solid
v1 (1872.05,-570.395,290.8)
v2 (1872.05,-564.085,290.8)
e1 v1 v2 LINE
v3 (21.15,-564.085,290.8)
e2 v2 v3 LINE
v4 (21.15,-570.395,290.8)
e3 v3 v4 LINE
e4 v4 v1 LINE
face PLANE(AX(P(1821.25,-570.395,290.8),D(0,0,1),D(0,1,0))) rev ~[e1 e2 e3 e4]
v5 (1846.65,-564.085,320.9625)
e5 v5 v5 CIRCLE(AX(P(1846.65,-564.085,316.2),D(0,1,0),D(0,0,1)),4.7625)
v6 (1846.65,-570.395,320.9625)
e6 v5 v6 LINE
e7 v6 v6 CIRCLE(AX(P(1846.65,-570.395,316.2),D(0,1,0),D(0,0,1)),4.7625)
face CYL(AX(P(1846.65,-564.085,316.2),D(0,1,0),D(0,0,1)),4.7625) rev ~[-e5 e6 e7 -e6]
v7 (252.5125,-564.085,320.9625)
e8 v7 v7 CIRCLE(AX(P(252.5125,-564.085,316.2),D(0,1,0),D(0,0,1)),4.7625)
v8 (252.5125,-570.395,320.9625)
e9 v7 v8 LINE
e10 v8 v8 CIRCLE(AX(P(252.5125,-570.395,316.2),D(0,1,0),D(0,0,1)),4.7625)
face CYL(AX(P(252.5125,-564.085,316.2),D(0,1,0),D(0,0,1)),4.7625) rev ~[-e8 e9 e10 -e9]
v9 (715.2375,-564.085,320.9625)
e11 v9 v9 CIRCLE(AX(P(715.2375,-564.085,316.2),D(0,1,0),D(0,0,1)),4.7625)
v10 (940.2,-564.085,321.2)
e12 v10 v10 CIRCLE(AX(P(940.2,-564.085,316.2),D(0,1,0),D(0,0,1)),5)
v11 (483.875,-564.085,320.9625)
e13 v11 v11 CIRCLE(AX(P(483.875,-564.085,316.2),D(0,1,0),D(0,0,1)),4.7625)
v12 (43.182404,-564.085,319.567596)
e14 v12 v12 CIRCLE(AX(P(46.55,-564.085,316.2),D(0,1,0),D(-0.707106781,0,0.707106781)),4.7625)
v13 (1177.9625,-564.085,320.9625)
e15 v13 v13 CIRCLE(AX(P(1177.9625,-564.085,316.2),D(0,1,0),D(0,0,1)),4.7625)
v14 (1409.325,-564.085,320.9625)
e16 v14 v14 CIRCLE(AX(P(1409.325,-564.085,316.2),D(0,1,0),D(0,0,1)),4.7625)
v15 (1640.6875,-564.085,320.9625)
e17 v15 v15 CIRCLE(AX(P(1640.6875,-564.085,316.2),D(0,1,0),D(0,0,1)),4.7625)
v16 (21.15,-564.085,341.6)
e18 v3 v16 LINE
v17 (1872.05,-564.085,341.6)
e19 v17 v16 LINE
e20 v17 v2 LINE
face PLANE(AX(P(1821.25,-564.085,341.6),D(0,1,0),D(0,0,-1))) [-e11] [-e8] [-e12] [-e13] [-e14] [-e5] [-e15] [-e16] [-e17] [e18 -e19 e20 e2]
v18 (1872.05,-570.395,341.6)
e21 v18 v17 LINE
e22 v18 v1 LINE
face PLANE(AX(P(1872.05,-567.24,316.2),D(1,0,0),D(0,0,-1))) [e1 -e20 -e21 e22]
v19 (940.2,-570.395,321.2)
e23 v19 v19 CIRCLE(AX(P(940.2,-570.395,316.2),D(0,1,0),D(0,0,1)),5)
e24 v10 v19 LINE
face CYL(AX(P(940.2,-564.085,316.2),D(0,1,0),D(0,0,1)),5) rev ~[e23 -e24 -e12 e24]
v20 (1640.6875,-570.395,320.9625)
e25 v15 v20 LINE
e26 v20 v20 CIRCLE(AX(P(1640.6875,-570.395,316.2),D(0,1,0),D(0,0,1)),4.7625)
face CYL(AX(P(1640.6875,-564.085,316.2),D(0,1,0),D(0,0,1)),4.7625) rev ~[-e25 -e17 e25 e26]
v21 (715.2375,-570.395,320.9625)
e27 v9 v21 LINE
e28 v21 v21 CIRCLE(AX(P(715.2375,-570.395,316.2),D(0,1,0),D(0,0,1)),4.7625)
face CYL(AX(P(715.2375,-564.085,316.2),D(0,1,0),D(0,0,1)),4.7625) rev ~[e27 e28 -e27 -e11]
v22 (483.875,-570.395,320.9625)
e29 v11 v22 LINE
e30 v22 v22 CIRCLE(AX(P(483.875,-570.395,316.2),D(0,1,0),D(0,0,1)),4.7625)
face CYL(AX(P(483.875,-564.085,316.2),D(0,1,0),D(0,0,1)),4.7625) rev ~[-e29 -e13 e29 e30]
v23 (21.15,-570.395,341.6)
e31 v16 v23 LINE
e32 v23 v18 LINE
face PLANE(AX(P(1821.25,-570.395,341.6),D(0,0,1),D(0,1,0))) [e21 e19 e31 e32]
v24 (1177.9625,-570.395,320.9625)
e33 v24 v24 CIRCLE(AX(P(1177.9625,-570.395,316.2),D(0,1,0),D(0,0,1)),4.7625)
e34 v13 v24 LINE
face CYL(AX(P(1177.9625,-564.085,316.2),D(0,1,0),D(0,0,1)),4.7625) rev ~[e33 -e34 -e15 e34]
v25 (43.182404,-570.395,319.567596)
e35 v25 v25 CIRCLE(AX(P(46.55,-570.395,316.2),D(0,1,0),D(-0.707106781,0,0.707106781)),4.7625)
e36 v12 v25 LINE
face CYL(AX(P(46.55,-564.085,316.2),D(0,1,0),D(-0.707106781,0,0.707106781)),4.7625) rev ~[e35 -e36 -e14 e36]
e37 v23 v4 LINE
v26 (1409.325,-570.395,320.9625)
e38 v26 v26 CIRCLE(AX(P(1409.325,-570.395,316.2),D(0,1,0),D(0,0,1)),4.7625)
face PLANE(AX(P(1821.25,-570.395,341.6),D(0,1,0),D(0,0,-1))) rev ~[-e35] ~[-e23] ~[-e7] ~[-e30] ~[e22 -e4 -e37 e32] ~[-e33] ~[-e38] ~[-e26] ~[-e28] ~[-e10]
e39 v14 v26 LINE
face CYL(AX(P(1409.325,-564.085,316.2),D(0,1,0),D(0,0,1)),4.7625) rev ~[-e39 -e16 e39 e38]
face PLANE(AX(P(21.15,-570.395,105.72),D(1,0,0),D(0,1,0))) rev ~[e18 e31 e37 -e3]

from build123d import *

# Parameters (mm, degrees)
CROQUIS2_W               = 50.8
CROQUIS2_H               = 6.31
CROQUIS3_W               = 50.8
CROQUIS3_H               = 6.31
CROQUIS4_W               = 60
CROQUIS4_H               = 53.155
SALIENTE_EXTRUIR1_DEPTH  = 6.31
CROQUIS5_W               = 60
CROQUIS5_H               = 6.31
CORTAR_EXTRUIR1_DEPTH    = 6.31
CORTAR_EXTRUIR2_DEPTH    = 502
CROQUIS8_W               = 50.8
CROQUIS8_H               = 564.085
CORTAR_EXTRUIR3_DEPTH    = 502
CROQUIS9_W               = 314.3
CROQUIS9_H               = 1090.402933
CORTAR_EXTRUIR4_DEPTH    = 502
CROQUIS10_W              = 50.8
CROQUIS10_H              = 6.31
CORTAR_EXTRUIR5_DEPTH    = 95
CORTAR_EXTRUIR6_DEPTH    = 95
CROQUIS13_W              = 120
CROQUIS13_H              = 249.755
CORTAR_EXTRUIR7_DEPTH    = 95
CROQUIS16_W              = 125
CROQUIS16_H              = 50.8
SALIENTE_EXTRUIR4_DEPTH  = 6.31
CROQUIS17_W              = 50.8
CROQUIS17_H              = 6.31
SALIENTE_EXTRUIR5_DEPTH  = 50.8
SALIENTE_EXTRUIR6_DEPTH  = 50.8
CROQUIS21_W              = 10
CROQUIS21_H              = 50.8
CORTAR_EXTRUIR9_DEPTH    = 53
CROQUIS22_W              = 0.1
CROQUIS22_H              = 50.8
CORTAR_EXTRUIR10_DEPTH   = 10
CORTAR_EXTRUIR11_DEPTH   = 237
CROQUIS24_W              = 50.8
CROQUIS24_H              = 204.986160176
CORTAR_EXTRUIR12_DEPTH   = 237
CROQUIS25_W              = 50.8
CROQUIS25_H              = 6.31
SALIENTE_EXTRUIR7_DEPTH  = 1.1
CROQUIS26_W              = 50.8
CROQUIS26_H              = 6.31
SALIENTE_EXTRUIR8_DEPTH  = 12.7
CROQUIS27_R              = 5
CORTAR_EXTRUIR13_DEPTH   = 10
CROQUIS28_W              = 0.1
CROQUIS28_H              = 50.8
SALIENTE_EXTRUIR9_DEPTH  = 6.31
CROQUIS29_W              = 50.8
CROQUIS29_H              = 0.1
CORTAR_EXTRUIR14_DEPTH   = 50
CROQUIS30_W              = 50.8
CROQUIS30_H              = 6.31
SALIENTE_EXTRUIR10_DEPTH = 50.8
CROQUIS31_R              = 4.7625
CORTAR_EXTRUIR15_DEPTH   = 10
CROQUIS32_R              = 4.7625
CORTAR_EXTRUIR16_DEPTH   = 33
CROQUIS33_R              = 4.7625
CORTAR_EXTRUIR17_DEPTH   = 50
CROQUIS34_R              = 4.7625
CORTAR_EXTRUIR18_DEPTH   = 82
CROQUIS35_R              = 5
CORTAR_EXTRUIR19_DEPTH   = 10
CROQUIS36_W              = 50.8
CROQUIS36_H              = 186.08
CORTAR_EXTRUIR20_DEPTH   = 10


with BuildPart() as part:
    # Barrer1: sweep along a curve in space
    with BuildLine() as barrer1_path:
        Line((0, 0, 0), (0, -567.24, 0))
        Line((0, -567.24, 0), (0, -567.24, 316.2))
        Line((0, -567.24, 316.2), (1793.15, -567.24, 316.2))
        Line((1793.15, -567.24, 316.2), (1793.15, -567.24, 578))
        Line((1793.15, -567.24, 578), (1793.15, -435.47278313, 578))
        Line((1793.15, -435.47278313, 578), (1793.15, -435.47278313, 1432.002933))
    # Croquis2 → Barrer1 (sweep)
    with BuildSketch(Plane(origin=(0, 0, 0), x_dir=(1, 0, 0), z_dir=(0, 1, 0))):
        Rectangle(CROQUIS2_W, CROQUIS2_H)
        with Locations((263.5, 0)):
            Rectangle(CROQUIS2_W, CROQUIS2_H)
    sweep(path=barrer1_path.line, transition=Transition.RIGHT)

    # Barrer4: sweep along a curve in space
    with BuildLine() as barrer4_path:
        Line((-0.201028049, -3.155, -3.155), (-0.201028049, -3.155, -207.155))
        Line((-0.201028049, -3.155, -207.155), (-0.201028049, -53.155, -207.155))
    # Croquis3 → Barrer4 (sweep)
    with BuildSketch(Plane(origin=(0, 0, -3.155), x_dir=(-1, 0, 0), z_dir=(0, 0, -1))):
        with Locations((-263.5, -3.155)):
            Rectangle(CROQUIS3_W, CROQUIS3_H)
        with Locations((0, -3.155)):
            Rectangle(CROQUIS3_W, CROQUIS3_H)
    sweep(path=barrer4_path.line, transition=Transition.RIGHT)

    # Croquis4 → Saliente-Extruir1 (add)
    with BuildSketch(Plane(origin=(0, 0, -210.31), x_dir=(-1, 0, 0), z_dir=(0, 0, -1))):
        with Locations((-208.1, -26.5775)):
            Rectangle(CROQUIS4_W, CROQUIS4_H)
    extrude(amount=-SALIENTE_EXTRUIR1_DEPTH)

    # Croquis5 → Cortar-Extruir1 (cut)
    with BuildSketch(Plane.XY.offset(-204)):
        with Locations((208.1, -3.155)):
            Rectangle(CROQUIS5_W, CROQUIS5_H)
    extrude(amount=-CORTAR_EXTRUIR1_DEPTH, mode=Mode.SUBTRACT)

    # Croquis7 → Cortar-Extruir2 (cut)
    with BuildSketch(Plane.XY.offset(3.155)):
        Polygon((288.9, -564.085), (238.1, -564.085), (238.1, -68.875540851), (170.611072112, -68.875540851), (170.611072112, 0), (288.9, 0), align=None)
    extrude(amount=-CORTAR_EXTRUIR2_DEPTH, mode=Mode.SUBTRACT)

    # Croquis8 → Cortar-Extruir3 (cut)
    with BuildSketch(Plane.XY.offset(3.155)):
        with Locations((0, -282.0425)):
            Rectangle(CROQUIS8_W, CROQUIS8_H)
    extrude(amount=-CORTAR_EXTRUIR3_DEPTH, mode=Mode.SUBTRACT)

    # Croquis9 → Cortar-Extruir4 (cut)
    with BuildSketch(Plane(origin=(0, -432.31778313, 0), x_dir=(1, 0, 0), z_dir=(0, 1, 0))):
        with Locations((1924.9, -886.8014665)):
            Rectangle(CROQUIS9_W, CROQUIS9_H)
    extrude(amount=-CORTAR_EXTRUIR4_DEPTH, mode=Mode.SUBTRACT)

    # Croquis10 → Cortar-Extruir5 (cut)
    with BuildSketch(Plane(origin=(0, 0, -3.155), x_dir=(-1, 0, 0), z_dir=(0, 0, -1))):
        with Locations((0, -567.24)):
            Rectangle(CROQUIS10_W, CROQUIS10_H)
    extrude(amount=-CORTAR_EXTRUIR5_DEPTH, mode=Mode.SUBTRACT)

    # Croquis11 → Cortar-Extruir6 (cut)
    with BuildSketch(Plane(origin=(0, -564.085, 0), x_dir=(1, 0, 0), z_dir=(0, 1, 0))):
        Polygon((238.1, -78.1), (288.9, -78.1), (288.9, -27.3), align=None)
        Polygon((238.1, -78.1), (288.9, -27.3), (238.1, -27.3), align=None)
        Polygon((238.1, -27.3), (288.9, -27.3), (288.9, -3.155), (288.9, 3.155), (238.1, 3.155), (238.1, -3.155), align=None)
    extrude(amount=-CORTAR_EXTRUIR6_DEPTH, mode=Mode.SUBTRACT)

    # Croquis13 → Cortar-Extruir7 (cut)
    with BuildSketch(Plane(origin=(0, -564.085, 0), x_dir=(1, 0, 0), z_dir=(0, 1, 0))):
        with Locations((34.6, -216.7225)):
            Rectangle(CROQUIS13_W, CROQUIS13_H)
    extrude(amount=-CORTAR_EXTRUIR7_DEPTH, mode=Mode.SUBTRACT)

    # Croquis16 → Saliente-Extruir4 (add)
    with BuildSketch(Plane(origin=(0, -564.085, 0), x_dir=(1, 0, 0), z_dir=(0, 1, 0))):
        with Locations((226.4, -52.7)):
            Rectangle(CROQUIS16_W, CROQUIS16_H)
    extrude(amount=-SALIENTE_EXTRUIR4_DEPTH)

    # Barrer5: sweep along a curve in space
    with BuildLine() as barrer5_path:
        Line((94.6, -567.24, 316.2), (46.55, -567.24, 316.2))
        Line((46.55, -567.24, 316.2), (46.55, -567.24, 105.72))
    # Croquis17 → Barrer5 (sweep)
    with BuildSketch(Plane.ZY.offset(-94.6)):
        with Locations((316.2, -567.24)):
            Rectangle(CROQUIS17_W, CROQUIS17_H)
    sweep(path=barrer5_path.line, transition=Transition.RIGHT)

    # Croquis20 → Saliente-Extruir6 (add)
    with BuildSketch(Plane.ZY.offset(-163.9)):
        Polygon((78.1, -564.085), (78.1, -439.884522326), (59.966060883, -387.925515276), (54.008468178, -390.004743297), (71.79, -440.954001003), (71.79, -564.085), align=None)
    extrude(amount=-SALIENTE_EXTRUIR6_DEPTH)

    # Croquis21 → Cortar-Extruir9 (cut)
    with BuildSketch(Plane(origin=(0, -564.085, 0), x_dir=(1, 0, 0), z_dir=(0, 1, 0))):
        with Locations((1813.55, -316.2)):
            Rectangle(CROQUIS21_W, CROQUIS21_H)
    extrude(amount=-CORTAR_EXTRUIR9_DEPTH, mode=Mode.SUBTRACT)

    # Croquis22 → Cortar-Extruir10 (cut)
    with BuildSketch(Plane(origin=(0, -564.085, 0), x_dir=(1, 0, 0), z_dir=(0, 1, 0))):
        with Locations((72, -316.2)):
            Rectangle(CROQUIS22_W, CROQUIS22_H)
    extrude(amount=-CORTAR_EXTRUIR10_DEPTH, mode=Mode.SUBTRACT)

    # Croquis23 → Cortar-Extruir11 (cut)
    with BuildSketch(Plane.XZ.offset(570.395)):
        Polygon((2031.25, 341.6), (2031.25, 78.1), (163.9, 78.1), (163.9, 0), (2111.300371304, 0), (2111.300371304, 341.6), align=None)
    extrude(amount=-CORTAR_EXTRUIR11_DEPTH, mode=Mode.SUBTRACT)

    # Croquis25 → Saliente-Extruir7 (add)
    with BuildSketch(Plane(origin=(0, 0, 105.72), x_dir=(-1, 0, 0), z_dir=(0, 0, -1))):
        with Locations((-46.55, -567.24)):
            Rectangle(CROQUIS25_W, CROQUIS25_H)
    extrude(amount=SALIENTE_EXTRUIR7_DEPTH)

    # Croquis26 → Saliente-Extruir8 (add)
    with BuildSketch(Plane(origin=(1808.55, 0, 0), x_dir=(0, 0, -1), z_dir=(1, 0, 0))):
        with Locations((-316.2, -567.24)):
            Rectangle(CROQUIS26_W, CROQUIS26_H)
    extrude(amount=SALIENTE_EXTRUIR8_DEPTH)

    # Croquis27 → Cortar-Extruir13 (cut)
    with BuildSketch(Plane(origin=(0, -564.085, 0), x_dir=(1, 0, 0), z_dir=(0, 1, 0))):
        with Locations(Location((940.200000079, -316.2, 0), (0, 0, 270))):
            Circle(CROQUIS27_R)
    extrude(amount=-CORTAR_EXTRUIR13_DEPTH, mode=Mode.SUBTRACT)

    # Croquis28 → Saliente-Extruir9 (add)
    with BuildSketch(Plane(origin=(0, -564.085, 0), x_dir=(1, 0, 0), z_dir=(0, 1, 0))):
        with Locations((72, -316.2)):
            Rectangle(CROQUIS28_W, CROQUIS28_H)
    extrude(amount=-SALIENTE_EXTRUIR9_DEPTH)

    # Croquis29 → Cortar-Extruir14 (cut)
    with BuildSketch(Plane(origin=(0, -564.085, 0), x_dir=(1, 0, 0), z_dir=(0, 1, 0))):
        with Locations((46.55, -290.75)):
            Rectangle(CROQUIS29_W, CROQUIS29_H)
    extrude(amount=-CORTAR_EXTRUIR14_DEPTH, mode=Mode.SUBTRACT)


with BuildPart() as body_2:
    # Croquis18 → Saliente-Extruir5 (new body)
    with BuildSketch(Plane.ZY.offset(-21.15)):
        Polygon((98.787204793, -564.085), (98.787204793, -435.522965931), (64.969988324, -367.622744457), (59.321737777, -370.435814978), (91.897545374, -435.843461779), (91.842933, -564.085), align=None)
    extrude(amount=-SALIENTE_EXTRUIR5_DEPTH)

    # Croquis24 → Cortar-Extruir12 (cut)
    with BuildSketch(Plane.XY.offset(98.787204793)):
        with Locations((46.55, -461.591919912)):
            Rectangle(CROQUIS24_W, CROQUIS24_H)
    extrude(amount=-CORTAR_EXTRUIR12_DEPTH, mode=Mode.SUBTRACT)


with BuildPart() as cortar_extruir14_piece_1:
    # of the separate pieces the step leaves, piece 1, a body of its own (cortar_extruir14_pieces)
    add(part.part.solids().sort_by_distance((1821.25, -570.395, 341.6))[0])

    # Croquis30 → Saliente-Extruir10 (add)
    with BuildSketch(Plane(origin=(1821.25, 0, 0), x_dir=(0, 0, -1), z_dir=(1, 0, 0))):
        with Locations((-316.2, -567.24)):
            Rectangle(CROQUIS30_W, CROQUIS30_H)
    extrude(amount=SALIENTE_EXTRUIR10_DEPTH)

    # Croquis31 → Cortar-Extruir15 (cut)
    with BuildSketch(Plane(origin=(0, -564.085, 0), x_dir=(1, 0, 0), z_dir=(0, 1, 0))):
        with Locations(Location((1846.65, -316.2, 0), (0, 0, 270))):
            Circle(CROQUIS31_R)
    extrude(amount=-CORTAR_EXTRUIR15_DEPTH, mode=Mode.SUBTRACT)

    # Croquis32 → Cortar-Extruir16 (cut)
    with BuildSketch(Plane(origin=(0, -564.085, 0), x_dir=(1, 0, 0), z_dir=(0, 1, 0))):
        with Locations(Location((46.55, -316.2, 0), (0, 0, 225))):
            Circle(CROQUIS32_R)
    extrude(amount=-CORTAR_EXTRUIR16_DEPTH, mode=Mode.SUBTRACT)

    # Croquis34 → Cortar-Extruir18 (cut)
    with BuildSketch(Plane(origin=(0, -564.085, 0), x_dir=(1, 0, 0), z_dir=(0, 1, 0))):
        with Locations(Location((1640.6875, -316.2, 0), (0, 0, 270))):
            Circle(CROQUIS34_R)
        with Locations(Location((1409.325, -316.2, 0), (0, 0, 270))):
            Circle(CROQUIS34_R)
        with Locations(Location((1177.9625, -316.2, 0), (0, 0, 270))):
            Circle(CROQUIS34_R)
        with Locations(Location((715.2375, -316.2, 0), (0, 0, 270))):
            Circle(CROQUIS34_R)
        with Locations(Location((483.875, -316.2, 0), (0, 0, 270))):
            Circle(CROQUIS34_R)
        with Locations(Location((252.5125, -316.2, 0), (0, 0, 270))):
            Circle(CROQUIS34_R)
    extrude(amount=-CORTAR_EXTRUIR18_DEPTH, mode=Mode.SUBTRACT)


with BuildPart() as cortar_extruir14_piece_2:
    # of the separate pieces the step leaves, piece 2, a body of its own (cortar_extruir14_pieces)
    add(part.part.solids().sort_by_distance((21.15, -570.395, 290.7))[0])

    # Croquis33 → Cortar-Extruir17 (cut)
    with BuildSketch(Plane(origin=(0, -570.395, 0), x_dir=(-1, 0, 0), z_dir=(0, -1, 0))):
        with Locations(Location((-33.85, -252.7, 0), (0, 0, 90))):
            Circle(CROQUIS33_R)
        with Locations(Location((-59.25, -278.1, 0), (0, 0, 90))):
            Circle(CROQUIS33_R)
    extrude(amount=-CORTAR_EXTRUIR17_DEPTH, mode=Mode.SUBTRACT)

    # Croquis35 → Cortar-Extruir19 (cut)
    with BuildSketch(Plane(origin=(0, -564.085, 0), x_dir=(1, 0, 0), z_dir=(0, 1, 0))):
        with Locations(Location((46.552050791, -160.802067, 0), (0, 0, 270))):
            Circle(CROQUIS35_R)
    extrude(amount=-CORTAR_EXTRUIR19_DEPTH, mode=Mode.SUBTRACT)

    # Croquis36 → Cortar-Extruir20 (cut)
    with BuildSketch(Plane(origin=(0, -564.085, 0), x_dir=(1, 0, 0), z_dir=(0, 1, 0))):
        with Locations((46.55, -197.66)):
            Rectangle(CROQUIS36_W, CROQUIS36_H)
    extrude(amount=-CORTAR_EXTRUIR20_DEPTH, mode=Mode.SUBTRACT)


solid = cortar_extruir14_piece_1.part
